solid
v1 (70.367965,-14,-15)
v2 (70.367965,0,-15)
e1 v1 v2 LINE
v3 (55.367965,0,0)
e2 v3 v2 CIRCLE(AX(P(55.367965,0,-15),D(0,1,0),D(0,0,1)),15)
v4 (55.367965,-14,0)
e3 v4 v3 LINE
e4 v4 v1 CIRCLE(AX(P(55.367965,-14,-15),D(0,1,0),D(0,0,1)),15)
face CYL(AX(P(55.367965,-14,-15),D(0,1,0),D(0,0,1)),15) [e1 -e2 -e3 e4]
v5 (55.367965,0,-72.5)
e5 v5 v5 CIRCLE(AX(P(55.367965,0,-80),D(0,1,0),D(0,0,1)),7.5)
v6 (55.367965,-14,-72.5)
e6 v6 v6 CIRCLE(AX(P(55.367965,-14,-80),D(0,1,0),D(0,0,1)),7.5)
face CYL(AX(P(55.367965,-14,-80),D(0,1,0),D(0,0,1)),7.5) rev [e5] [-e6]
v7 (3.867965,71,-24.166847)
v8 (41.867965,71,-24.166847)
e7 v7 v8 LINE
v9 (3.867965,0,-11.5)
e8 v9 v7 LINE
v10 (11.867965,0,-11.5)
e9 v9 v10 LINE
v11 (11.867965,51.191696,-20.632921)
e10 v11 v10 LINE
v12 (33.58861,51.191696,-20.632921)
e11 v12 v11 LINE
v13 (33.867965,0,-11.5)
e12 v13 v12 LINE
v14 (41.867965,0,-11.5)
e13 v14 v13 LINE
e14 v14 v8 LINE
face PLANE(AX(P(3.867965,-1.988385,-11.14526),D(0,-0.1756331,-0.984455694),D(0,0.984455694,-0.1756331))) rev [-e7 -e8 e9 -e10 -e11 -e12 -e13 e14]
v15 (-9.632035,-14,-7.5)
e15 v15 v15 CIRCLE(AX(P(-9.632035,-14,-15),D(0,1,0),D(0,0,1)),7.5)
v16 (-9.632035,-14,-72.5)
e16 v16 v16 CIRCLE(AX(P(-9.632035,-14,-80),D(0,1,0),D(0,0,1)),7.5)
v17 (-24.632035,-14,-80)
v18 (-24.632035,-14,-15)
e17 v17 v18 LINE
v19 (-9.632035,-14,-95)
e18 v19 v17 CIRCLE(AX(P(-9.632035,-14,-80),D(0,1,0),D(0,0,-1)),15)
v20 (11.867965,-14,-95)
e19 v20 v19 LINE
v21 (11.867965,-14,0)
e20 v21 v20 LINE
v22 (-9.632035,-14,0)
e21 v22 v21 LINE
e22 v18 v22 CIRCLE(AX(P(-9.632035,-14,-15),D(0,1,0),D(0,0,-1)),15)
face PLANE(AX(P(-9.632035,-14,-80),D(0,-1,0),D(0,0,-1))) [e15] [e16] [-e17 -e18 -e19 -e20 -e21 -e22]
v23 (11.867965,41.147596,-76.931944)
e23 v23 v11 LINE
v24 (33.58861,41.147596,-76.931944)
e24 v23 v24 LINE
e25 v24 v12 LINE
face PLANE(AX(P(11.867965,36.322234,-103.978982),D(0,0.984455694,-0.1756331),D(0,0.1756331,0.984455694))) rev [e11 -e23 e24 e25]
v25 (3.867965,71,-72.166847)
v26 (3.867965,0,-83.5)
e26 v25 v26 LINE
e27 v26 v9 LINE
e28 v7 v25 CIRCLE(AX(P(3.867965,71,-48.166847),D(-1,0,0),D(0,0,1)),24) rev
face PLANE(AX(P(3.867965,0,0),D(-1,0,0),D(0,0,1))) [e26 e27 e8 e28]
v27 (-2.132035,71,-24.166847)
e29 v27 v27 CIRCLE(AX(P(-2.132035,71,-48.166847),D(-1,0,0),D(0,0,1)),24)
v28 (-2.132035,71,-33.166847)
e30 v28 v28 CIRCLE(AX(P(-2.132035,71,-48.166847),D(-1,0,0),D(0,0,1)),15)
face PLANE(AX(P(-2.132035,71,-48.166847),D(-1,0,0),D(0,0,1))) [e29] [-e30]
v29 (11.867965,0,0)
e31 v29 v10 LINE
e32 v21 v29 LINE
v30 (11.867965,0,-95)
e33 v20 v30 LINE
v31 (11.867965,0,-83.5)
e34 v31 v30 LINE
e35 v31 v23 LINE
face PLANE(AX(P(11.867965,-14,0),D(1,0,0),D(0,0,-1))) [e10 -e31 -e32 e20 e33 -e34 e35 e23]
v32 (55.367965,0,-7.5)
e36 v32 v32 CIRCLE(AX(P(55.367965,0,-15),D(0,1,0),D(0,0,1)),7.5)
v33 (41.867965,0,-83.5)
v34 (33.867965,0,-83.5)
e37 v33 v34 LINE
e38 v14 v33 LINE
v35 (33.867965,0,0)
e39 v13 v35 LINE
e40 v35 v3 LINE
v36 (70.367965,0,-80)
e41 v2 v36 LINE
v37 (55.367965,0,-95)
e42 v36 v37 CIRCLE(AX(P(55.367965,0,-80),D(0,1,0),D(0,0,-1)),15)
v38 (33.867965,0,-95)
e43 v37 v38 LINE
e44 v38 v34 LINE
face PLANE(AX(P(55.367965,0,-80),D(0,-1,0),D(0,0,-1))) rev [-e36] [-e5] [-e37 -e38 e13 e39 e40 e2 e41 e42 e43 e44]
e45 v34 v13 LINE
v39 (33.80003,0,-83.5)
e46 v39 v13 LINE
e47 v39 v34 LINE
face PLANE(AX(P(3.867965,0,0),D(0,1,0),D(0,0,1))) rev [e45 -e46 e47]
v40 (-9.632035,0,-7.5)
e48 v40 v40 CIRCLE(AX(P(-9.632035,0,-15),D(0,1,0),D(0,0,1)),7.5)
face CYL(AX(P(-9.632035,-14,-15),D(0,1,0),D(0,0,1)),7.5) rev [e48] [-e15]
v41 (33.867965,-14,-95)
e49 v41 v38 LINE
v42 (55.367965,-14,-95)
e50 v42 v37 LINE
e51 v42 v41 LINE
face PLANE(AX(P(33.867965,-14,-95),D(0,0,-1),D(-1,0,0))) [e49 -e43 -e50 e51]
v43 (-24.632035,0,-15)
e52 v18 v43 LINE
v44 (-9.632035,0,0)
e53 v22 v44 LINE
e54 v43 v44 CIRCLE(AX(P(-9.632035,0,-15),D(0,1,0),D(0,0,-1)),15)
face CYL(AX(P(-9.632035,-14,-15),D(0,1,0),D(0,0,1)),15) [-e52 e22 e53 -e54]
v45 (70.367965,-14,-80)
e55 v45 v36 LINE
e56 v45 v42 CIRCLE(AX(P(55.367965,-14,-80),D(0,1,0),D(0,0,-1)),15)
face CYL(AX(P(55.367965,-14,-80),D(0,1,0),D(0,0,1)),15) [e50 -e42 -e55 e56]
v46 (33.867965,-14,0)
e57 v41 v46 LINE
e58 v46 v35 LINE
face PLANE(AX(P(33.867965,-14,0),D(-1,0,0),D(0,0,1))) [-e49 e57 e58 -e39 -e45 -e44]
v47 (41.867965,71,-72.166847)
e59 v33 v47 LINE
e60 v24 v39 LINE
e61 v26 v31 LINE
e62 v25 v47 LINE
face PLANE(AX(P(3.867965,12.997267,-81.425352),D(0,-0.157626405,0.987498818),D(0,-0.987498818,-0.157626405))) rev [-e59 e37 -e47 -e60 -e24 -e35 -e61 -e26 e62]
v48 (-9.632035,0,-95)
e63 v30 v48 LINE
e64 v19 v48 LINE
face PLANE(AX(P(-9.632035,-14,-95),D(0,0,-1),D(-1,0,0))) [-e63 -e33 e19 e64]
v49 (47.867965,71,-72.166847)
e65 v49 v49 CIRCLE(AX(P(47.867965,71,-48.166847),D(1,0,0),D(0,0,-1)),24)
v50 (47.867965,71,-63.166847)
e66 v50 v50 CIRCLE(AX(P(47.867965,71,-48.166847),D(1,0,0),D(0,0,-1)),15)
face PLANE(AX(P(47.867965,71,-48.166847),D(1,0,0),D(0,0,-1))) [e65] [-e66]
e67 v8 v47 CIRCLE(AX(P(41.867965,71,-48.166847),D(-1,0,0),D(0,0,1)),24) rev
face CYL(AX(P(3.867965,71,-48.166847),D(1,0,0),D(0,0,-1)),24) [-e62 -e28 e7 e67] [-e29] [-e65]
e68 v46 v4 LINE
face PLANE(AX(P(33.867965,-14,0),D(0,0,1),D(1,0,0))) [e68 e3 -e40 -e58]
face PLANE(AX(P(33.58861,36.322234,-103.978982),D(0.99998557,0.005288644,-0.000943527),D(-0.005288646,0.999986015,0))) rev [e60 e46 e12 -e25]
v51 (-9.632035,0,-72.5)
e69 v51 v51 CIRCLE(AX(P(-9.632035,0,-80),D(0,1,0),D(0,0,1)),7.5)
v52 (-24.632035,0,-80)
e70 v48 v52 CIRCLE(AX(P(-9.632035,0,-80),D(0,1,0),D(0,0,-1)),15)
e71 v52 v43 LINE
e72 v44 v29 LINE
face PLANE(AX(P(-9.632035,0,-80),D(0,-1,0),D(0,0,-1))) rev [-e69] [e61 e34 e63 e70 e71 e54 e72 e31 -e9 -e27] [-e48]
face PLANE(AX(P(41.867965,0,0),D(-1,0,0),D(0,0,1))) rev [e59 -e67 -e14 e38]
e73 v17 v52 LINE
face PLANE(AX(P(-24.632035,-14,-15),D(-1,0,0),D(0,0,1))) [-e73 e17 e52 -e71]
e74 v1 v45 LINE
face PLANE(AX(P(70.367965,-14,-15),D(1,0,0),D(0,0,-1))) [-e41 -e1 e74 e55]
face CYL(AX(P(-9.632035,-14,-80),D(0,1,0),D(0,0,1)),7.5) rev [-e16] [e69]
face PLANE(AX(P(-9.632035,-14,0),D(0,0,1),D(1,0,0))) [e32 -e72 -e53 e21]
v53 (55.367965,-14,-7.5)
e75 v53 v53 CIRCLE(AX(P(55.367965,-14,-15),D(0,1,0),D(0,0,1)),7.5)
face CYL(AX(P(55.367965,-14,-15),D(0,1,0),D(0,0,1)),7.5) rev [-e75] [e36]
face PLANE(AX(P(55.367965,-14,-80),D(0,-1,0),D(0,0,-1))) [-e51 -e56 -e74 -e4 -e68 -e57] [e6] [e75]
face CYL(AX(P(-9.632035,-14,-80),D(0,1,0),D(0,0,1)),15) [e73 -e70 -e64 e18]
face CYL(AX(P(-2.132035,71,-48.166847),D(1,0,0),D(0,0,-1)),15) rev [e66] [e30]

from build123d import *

# Parameters (mm, degrees)
SKETCH2_R             = 7.5
BOSS_EXTRUDE2_DEPTH   = 14
BOSS_EXTRUDE2_2_DEPTH = 14
BOSS_EXTRUDE3_DEPTH   = 8
BOSS_EXTRUDE4_DEPTH   = 30
BOSS_EXTRUDE5_START   = 6
SKETCH6_R             = 24
SKETCH6_R_2           = 15
BOSS_EXTRUDE5_DEPTH   = 6
SKETCH7_R             = 24
SKETCH7_R_2           = 15
BOSS_EXTRUDE6_DEPTH   = 6
CUT_EXTRUDE1_REACH    = 151.907
SKETCH8_R             = 15
CUT_EXTRUDE2_REACH    = 148.253


with BuildPart() as part:
    # Sketch2 → Boss-Extrude2 (new body)
    with BuildSketch(Plane(origin=(0, 0, 0), x_dir=(1, 0, 0), z_dir=(0, 1, 0))):
        with BuildLine():
            Line((-9.632034576, 0), (11.867965424, 0))
            Line((11.867965424, 0), (11.867965424, 95))
            Line((11.867965424, 95), (-9.632034576, 95))
            ThreePointArc((-9.632034576, 95), (-20.238636294, 90.606601718), (-24.632034576, 80))
            Line((-24.632034576, 80), (-24.632034576, 15))
            ThreePointArc((-24.632034576, 15), (-20.238636294, 4.393398282), (-9.632034576, 0))
        make_face()
        with Locations(Location((-9.632034576, 15, 0), (0, 0, 270))):
            Circle(SKETCH2_R, mode=Mode.SUBTRACT)
        with Locations(Location((-9.632034576, 80, 0), (0, 0, 270))):
            Circle(SKETCH2_R, mode=Mode.SUBTRACT)
    extrude(amount=-BOSS_EXTRUDE2_DEPTH)



with BuildPart() as body_2:
    # Sketch2 → Boss-Extrude2 2 (new body)
    with BuildSketch(Plane(origin=(0, 0, 0), x_dir=(1, 0, 0), z_dir=(0, 1, 0))):
        with BuildLine():
            Line((33.867965424, 0), (55.367965424, 0))
            ThreePointArc((55.367965424, 0), (65.974567142, 4.393398282), (70.367965424, 15))
            Line((70.367965424, 15), (70.367965424, 80))
            ThreePointArc((70.367965424, 80), (65.974567142, 90.606601718), (55.367965424, 95))
            Line((55.367965424, 95), (33.867965424, 95))
            Line((33.867965424, 95), (33.867965424, 0))
        make_face()
        with Locations(Location((55.367965424, 15, 0), (0, 0, 270))):
            Circle(SKETCH2_R, mode=Mode.SUBTRACT)
        with Locations(Location((55.367965424, 80, 0), (0, 0, 270))):
            Circle(SKETCH2_R, mode=Mode.SUBTRACT)
    extrude(amount=-BOSS_EXTRUDE2_2_DEPTH)

    # Sketch4 → Boss-Extrude3 (add)
    with BuildSketch(Plane.ZY.offset(-33.867965424)):
        with BuildLine():
            ThreePointArc((-24.166847457, 71), (-48.166847457, 47), (-72.166847457, 71))
            Line((-72.166847457, 71), (-83.5, 0))
            Line((-83.5, 0), (-11.5, 0))
            Line((-11.5, 0), (-24.166847457, 71))
        make_face()
        with BuildLine():
            ThreePointArc((-24.166847457, 71), (-48.166847457, 95), (-72.166847457, 71))
            Line((-72.166847457, 71), (-24.166847457, 71))
        make_face()
        with BuildLine():
            Line((-24.166847457, 71), (-72.166847457, 71))
            ThreePointArc((-72.166847457, 71), (-48.166847457, 47), (-24.166847457, 71))
        make_face()
    extrude(amount=-BOSS_EXTRUDE3_DEPTH)


with BuildPart() as part_1:
    add(part.part)

    add(body_2.part)  # Boss-Extrude4 merges body 2
    # Sketch5 → Boss-Extrude4 (add)
    with BuildSketch(Plane.ZY.offset(-33.867965424)):
        with BuildLine():
            Line((-72.166847457, 71), (-83.5, 0))
            Line((-83.5, 0), (-11.5, 0))
            Line((-11.5, 0), (-24.166847457, 71))
            ThreePointArc((-24.166847457, 71), (-48.166847457, 47), (-72.166847457, 71))
        make_face()
        with BuildLine():
            ThreePointArc((-24.166847457, 71), (-48.166847457, 95), (-72.166847457, 71))
            ThreePointArc((-72.166847457, 71), (-48.166847457, 47), (-24.166847457, 71))
        make_face()
    extrude(amount=BOSS_EXTRUDE4_DEPTH)

    # Sketch6 → Boss-Extrude5 (add)
    with BuildSketch(Plane.ZY.offset(-3.867965424).offset(BOSS_EXTRUDE5_START)):
        with Locations((-48.166847457, 71)):
            Circle(SKETCH6_R)
        with Locations((-48.166847457, 71)):
            Circle(SKETCH6_R_2, mode=Mode.SUBTRACT)
    extrude(amount=-BOSS_EXTRUDE5_DEPTH)

    # Sketch7 → Boss-Extrude6 (add)
    with BuildSketch(Plane(origin=(41.867965424, 0, 0), x_dir=(0, 0, -1), z_dir=(1, 0, 0))):
        with Locations((48.166847457, 71)):
            Circle(SKETCH7_R)
        with Locations(Location((48.166847457, 71, 0), (0, 0, 180))):
            Circle(SKETCH7_R_2, mode=Mode.SUBTRACT)
    extrude(amount=BOSS_EXTRUDE6_DEPTH)

    # Sketch8 → Cut-Extrude1 (cut, up to next)
    with BuildSketch(Plane(origin=(41.867965424, 0, 0), x_dir=(0, 0, -1), z_dir=(1, 0, 0)), mode=Mode.PRIVATE) as cut_extrude1_sk1:
        with Locations((48.166847457, 71)):
            Circle(SKETCH8_R)
    cut_extrude1_tool1 = extrude(cut_extrude1_sk1.sketch, amount=-CUT_EXTRUDE1_REACH, mode=Mode.PRIVATE) & part_1.part
    add(cut_extrude1_tool1.solids().sort_by_distance((41.867965, 71, -48.166847))[0], mode=Mode.SUBTRACT)

    # Cut-Extrude2: up to this plane
    cut_extrude2_end = Plane(origin=(3.867965424, 12.997266696, -81.425352027), z_dir=(0, -0.1576264048748577, 0.9874988184733324))
    # Sketch9 → Cut-Extrude2 (cut, up to the surface)
    with BuildSketch(Plane(origin=(0, -1.988384564, -11.145259663), x_dir=(1, 0, 0), z_dir=(0, 0.1756331001157612, 0.9844556943528373)), mode=Mode.PRIVATE) as cut_extrude2_sk1:
        Polygon((11.867965424, 2.019780651), (11.867965424, 54.019780651), (33.588609599, 54.019780651), (33.867965424, 2.019780651), align=None)
    cut_extrude2_tool1 = split(extrude(cut_extrude2_sk1.sketch, amount=-CUT_EXTRUDE2_REACH, mode=Mode.PRIVATE), bisect_by=cut_extrude2_end, keep=Keep.BOTH, mode=Mode.PRIVATE)
    add(cut_extrude2_tool1.solids().sort_by_distance((22.798275, 25.541333, -16.056735))[0], mode=Mode.SUBTRACT)


solid = part_1.part
